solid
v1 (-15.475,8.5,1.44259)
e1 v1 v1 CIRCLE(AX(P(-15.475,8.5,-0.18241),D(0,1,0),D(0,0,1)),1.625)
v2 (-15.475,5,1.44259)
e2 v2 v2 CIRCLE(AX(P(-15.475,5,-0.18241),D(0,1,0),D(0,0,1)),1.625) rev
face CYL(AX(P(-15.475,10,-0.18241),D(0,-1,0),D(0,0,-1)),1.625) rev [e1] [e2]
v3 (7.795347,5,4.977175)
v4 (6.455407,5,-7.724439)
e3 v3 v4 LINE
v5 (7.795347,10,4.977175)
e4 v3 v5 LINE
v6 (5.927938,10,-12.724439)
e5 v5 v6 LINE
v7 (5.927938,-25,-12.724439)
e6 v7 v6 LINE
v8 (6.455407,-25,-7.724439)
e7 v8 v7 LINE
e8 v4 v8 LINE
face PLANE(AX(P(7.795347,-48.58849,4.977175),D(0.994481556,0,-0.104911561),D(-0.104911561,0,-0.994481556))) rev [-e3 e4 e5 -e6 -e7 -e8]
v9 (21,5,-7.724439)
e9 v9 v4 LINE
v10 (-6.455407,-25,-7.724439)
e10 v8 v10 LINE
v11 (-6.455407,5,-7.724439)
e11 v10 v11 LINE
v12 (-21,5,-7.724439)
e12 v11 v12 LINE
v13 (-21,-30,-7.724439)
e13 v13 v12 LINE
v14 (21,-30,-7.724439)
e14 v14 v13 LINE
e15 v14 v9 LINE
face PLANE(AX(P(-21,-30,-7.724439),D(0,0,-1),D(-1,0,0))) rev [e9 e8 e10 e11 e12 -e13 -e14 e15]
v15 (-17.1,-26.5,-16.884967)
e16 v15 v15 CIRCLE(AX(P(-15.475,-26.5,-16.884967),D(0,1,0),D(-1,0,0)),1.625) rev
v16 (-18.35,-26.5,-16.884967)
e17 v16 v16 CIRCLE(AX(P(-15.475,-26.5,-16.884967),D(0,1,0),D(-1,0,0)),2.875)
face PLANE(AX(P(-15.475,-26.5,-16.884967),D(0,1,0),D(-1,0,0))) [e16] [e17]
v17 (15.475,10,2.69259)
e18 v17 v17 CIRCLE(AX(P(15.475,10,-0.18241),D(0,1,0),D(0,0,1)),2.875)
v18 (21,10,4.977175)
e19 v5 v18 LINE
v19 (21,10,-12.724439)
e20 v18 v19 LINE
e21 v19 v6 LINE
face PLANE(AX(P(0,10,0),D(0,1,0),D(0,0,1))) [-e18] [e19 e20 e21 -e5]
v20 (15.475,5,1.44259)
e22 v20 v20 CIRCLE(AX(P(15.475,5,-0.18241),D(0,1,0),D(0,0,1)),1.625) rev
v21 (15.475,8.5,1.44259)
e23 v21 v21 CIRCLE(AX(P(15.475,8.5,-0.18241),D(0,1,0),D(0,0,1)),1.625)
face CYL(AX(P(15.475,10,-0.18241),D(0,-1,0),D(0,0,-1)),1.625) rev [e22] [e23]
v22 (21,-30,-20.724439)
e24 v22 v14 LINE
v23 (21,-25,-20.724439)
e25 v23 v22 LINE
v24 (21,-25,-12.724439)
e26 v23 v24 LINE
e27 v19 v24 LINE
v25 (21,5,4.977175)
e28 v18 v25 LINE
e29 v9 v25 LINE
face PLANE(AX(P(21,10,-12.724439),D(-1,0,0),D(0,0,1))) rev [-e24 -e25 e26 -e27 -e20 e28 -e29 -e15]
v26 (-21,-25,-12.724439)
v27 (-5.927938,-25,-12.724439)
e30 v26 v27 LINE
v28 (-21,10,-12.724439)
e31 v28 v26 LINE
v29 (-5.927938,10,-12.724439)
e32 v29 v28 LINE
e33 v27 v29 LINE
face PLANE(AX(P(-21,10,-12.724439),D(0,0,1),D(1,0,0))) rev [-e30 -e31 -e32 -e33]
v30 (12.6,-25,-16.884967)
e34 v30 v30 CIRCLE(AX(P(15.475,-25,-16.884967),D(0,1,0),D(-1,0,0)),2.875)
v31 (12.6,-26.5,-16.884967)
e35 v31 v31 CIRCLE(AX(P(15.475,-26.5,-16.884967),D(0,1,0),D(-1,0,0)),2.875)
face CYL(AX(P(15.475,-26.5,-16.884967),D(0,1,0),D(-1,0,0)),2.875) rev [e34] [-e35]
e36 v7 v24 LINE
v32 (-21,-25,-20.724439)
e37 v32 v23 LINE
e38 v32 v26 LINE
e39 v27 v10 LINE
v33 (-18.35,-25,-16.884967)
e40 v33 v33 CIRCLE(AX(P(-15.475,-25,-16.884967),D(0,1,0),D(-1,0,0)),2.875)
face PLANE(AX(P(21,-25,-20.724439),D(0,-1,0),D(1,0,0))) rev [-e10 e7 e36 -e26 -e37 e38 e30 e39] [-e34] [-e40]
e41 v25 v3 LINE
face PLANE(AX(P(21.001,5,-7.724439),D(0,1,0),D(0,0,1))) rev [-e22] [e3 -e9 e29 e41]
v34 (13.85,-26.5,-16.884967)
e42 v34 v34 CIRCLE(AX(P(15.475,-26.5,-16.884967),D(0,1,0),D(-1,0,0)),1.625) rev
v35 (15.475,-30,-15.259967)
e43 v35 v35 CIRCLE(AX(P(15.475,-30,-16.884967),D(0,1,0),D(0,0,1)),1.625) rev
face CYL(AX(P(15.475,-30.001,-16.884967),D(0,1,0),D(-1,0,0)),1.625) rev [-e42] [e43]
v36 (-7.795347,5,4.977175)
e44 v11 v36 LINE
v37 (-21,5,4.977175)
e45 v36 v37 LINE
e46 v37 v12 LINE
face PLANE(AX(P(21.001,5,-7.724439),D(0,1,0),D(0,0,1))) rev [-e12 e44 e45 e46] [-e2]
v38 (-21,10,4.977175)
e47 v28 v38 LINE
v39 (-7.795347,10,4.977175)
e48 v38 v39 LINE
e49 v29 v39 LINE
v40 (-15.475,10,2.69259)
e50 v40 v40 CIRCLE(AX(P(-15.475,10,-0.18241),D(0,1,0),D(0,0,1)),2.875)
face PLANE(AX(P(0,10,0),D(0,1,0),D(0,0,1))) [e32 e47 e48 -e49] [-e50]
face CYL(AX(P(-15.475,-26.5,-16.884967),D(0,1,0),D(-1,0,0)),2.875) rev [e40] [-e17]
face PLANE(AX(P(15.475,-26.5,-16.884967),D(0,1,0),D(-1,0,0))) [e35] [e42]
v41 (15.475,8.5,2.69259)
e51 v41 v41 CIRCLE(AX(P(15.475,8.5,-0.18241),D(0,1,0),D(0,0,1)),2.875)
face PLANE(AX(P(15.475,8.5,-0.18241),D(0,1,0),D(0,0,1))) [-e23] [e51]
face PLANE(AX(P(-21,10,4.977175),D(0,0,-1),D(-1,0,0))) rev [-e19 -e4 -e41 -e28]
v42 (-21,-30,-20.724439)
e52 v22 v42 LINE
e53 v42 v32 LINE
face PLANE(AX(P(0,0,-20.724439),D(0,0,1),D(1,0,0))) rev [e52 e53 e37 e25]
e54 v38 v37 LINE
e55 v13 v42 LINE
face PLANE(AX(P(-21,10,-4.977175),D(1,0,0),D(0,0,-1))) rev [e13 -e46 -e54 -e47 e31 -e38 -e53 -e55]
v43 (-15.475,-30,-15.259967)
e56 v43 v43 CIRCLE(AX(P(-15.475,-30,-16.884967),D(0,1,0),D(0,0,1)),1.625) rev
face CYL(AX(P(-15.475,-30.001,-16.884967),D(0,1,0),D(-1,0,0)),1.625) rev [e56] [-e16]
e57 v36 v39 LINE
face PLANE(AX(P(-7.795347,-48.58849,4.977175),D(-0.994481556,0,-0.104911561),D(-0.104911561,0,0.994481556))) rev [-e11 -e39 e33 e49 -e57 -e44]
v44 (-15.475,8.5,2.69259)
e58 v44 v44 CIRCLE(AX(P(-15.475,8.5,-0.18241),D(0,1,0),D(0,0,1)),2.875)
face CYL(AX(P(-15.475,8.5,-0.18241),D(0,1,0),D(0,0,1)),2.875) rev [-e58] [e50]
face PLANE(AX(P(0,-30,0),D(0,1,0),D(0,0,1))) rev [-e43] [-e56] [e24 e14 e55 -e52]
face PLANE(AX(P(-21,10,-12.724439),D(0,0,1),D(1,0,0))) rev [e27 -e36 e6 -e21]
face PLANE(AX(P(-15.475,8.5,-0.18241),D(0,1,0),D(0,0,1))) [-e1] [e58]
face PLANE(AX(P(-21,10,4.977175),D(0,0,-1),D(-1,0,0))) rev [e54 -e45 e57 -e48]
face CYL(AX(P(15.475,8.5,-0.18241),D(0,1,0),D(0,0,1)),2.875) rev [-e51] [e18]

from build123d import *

# Parameters (mm, degrees)
SKETCH2_R           = 1.625
BOSS_EXTRUDE1_DEPTH = 10
SKETCH3_R           = 2.875
CUT_EXTRUDE1_DEPTH  = 1.5
SKETCH4_W           = 42
SKETCH4_H           = 5
BOSS_EXTRUDE2_DEPTH = 30
SKETCH5_W           = 42
SKETCH5_H           = 5
BOSS_EXTRUDE3_DEPTH = 8
CUT_EXTRUDE2_REACH  = 44
SKETCH6_W           = 12.701613413
SKETCH6_H           = 5
CUT_EXTRUDE3_REACH  = 7
SKETCH8_R           = 1.625
SKETCH9_R           = 2.875
CUT_EXTRUDE4_DEPTH  = 1.5
CUT_EXTRUDE5_DEPTH  = 35


with BuildPart() as part:
    # Sketch2 → Boss-Extrude1 (new body)
    with BuildSketch(Plane(origin=(0, 0, 0), x_dir=(1, 0, 0), z_dir=(0, 1, 0))):
        Polygon((-21, 4.97717469), (-21, -4.97717469), (21, -4.97717469), (21, 4.97717469), (21, 12.724438723), (-21, 12.724438723), align=None)
        with Locations((-15.475, 0.182409544)):
            Circle(SKETCH2_R, mode=Mode.SUBTRACT)
        with Locations((15.475, 0.182409544)):
            Circle(SKETCH2_R, mode=Mode.SUBTRACT)
    extrude(amount=BOSS_EXTRUDE1_DEPTH)

    # Sketch3 → Cut-Extrude1 (cut)
    with BuildSketch(Plane(origin=(0, 10, 0), x_dir=(1, 0, 0), z_dir=(0, 1, 0))):
        with Locations((-15.475, 0.182409544)):
            Circle(SKETCH3_R)
        with Locations((15.475, 0.182409544)):
            Circle(SKETCH3_R)
    extrude(amount=-CUT_EXTRUDE1_DEPTH, mode=Mode.SUBTRACT)

    # Sketch4 → Boss-Extrude2 (add)
    with BuildSketch(Plane.XZ):
        with Locations((0, -10.224438723)):
            Rectangle(SKETCH4_W, SKETCH4_H)
    extrude(amount=BOSS_EXTRUDE2_DEPTH)

    # Sketch5 → Boss-Extrude3 (add)
    with BuildSketch(Plane(origin=(0, 0, -12.724438723), x_dir=(-1, 0, 0), z_dir=(0, 0, -1))):
        with Locations((0, -27.5)):
            Rectangle(SKETCH5_W, SKETCH5_H)
    extrude(amount=BOSS_EXTRUDE3_DEPTH)

    # Sketch6 → Cut-Extrude2 (cut, up to next)
    with BuildSketch(Plane.ZY.offset(21), mode=Mode.PRIVATE) as cut_extrude2_sk1:
        with Locations((-1.373632017, 2.5)):
            Rectangle(SKETCH6_W, SKETCH6_H)
    cut_extrude2_tool1 = extrude(cut_extrude2_sk1.sketch, amount=-CUT_EXTRUDE2_REACH, mode=Mode.PRIVATE) & part.part
    add(cut_extrude2_tool1.solids().sort_by_distance((-21, 2.5, -1.373632))[0], mode=Mode.SUBTRACT)

    # Sketch8 → Cut-Extrude3 (cut, up to next)
    with BuildSketch(Plane(origin=(0, -25, 0), x_dir=(1, 0, 0), z_dir=(0, 1, 0)), mode=Mode.PRIVATE) as cut_extrude3_sk1:
        with Locations((-15.475, 16.884966607)):
            Circle(SKETCH8_R)
    cut_extrude3_tool1 = extrude(cut_extrude3_sk1.sketch, amount=-CUT_EXTRUDE3_REACH, mode=Mode.PRIVATE) & part.part
    add(cut_extrude3_tool1.solids().sort_by_distance((-15.475, -25, -16.884967))[0], mode=Mode.SUBTRACT)
    # Sketch8 → Cut-Extrude3 (cut, up to next)
    with BuildSketch(Plane(origin=(0, -25, 0), x_dir=(1, 0, 0), z_dir=(0, 1, 0)), mode=Mode.PRIVATE) as cut_extrude3_sk2:
        with Locations((15.475, 16.884966607)):
            Circle(SKETCH8_R)
    cut_extrude3_tool2 = extrude(cut_extrude3_sk2.sketch, amount=-CUT_EXTRUDE3_REACH, mode=Mode.PRIVATE) & part.part
    add(cut_extrude3_tool2.solids().sort_by_distance((15.475, -25, -16.884967))[0], mode=Mode.SUBTRACT)

    # Sketch9 → Cut-Extrude4 (cut)
    with BuildSketch(Plane(origin=(0, -25, 0), x_dir=(1, 0, 0), z_dir=(0, 1, 0))):
        with Locations((-15.475, 16.884966607)):
            Circle(SKETCH9_R)
        with Locations((15.475, 16.884966607)):
            Circle(SKETCH9_R)
    extrude(amount=-CUT_EXTRUDE4_DEPTH, mode=Mode.SUBTRACT)

    # Sketch11 → Cut-Extrude5 (cut)
    with BuildSketch(Plane(origin=(0, 10, 0), x_dir=(1, 0, 0), z_dir=(0, 1, 0))):
        Polygon((-7.795347272, -4.97717469), (-5.927938177, 12.724438723), (5.927938177, 12.724438723), (7.795347272, -4.97717469), align=None)
    extrude(amount=-CUT_EXTRUDE5_DEPTH, mode=Mode.SUBTRACT)


solid = part.part
